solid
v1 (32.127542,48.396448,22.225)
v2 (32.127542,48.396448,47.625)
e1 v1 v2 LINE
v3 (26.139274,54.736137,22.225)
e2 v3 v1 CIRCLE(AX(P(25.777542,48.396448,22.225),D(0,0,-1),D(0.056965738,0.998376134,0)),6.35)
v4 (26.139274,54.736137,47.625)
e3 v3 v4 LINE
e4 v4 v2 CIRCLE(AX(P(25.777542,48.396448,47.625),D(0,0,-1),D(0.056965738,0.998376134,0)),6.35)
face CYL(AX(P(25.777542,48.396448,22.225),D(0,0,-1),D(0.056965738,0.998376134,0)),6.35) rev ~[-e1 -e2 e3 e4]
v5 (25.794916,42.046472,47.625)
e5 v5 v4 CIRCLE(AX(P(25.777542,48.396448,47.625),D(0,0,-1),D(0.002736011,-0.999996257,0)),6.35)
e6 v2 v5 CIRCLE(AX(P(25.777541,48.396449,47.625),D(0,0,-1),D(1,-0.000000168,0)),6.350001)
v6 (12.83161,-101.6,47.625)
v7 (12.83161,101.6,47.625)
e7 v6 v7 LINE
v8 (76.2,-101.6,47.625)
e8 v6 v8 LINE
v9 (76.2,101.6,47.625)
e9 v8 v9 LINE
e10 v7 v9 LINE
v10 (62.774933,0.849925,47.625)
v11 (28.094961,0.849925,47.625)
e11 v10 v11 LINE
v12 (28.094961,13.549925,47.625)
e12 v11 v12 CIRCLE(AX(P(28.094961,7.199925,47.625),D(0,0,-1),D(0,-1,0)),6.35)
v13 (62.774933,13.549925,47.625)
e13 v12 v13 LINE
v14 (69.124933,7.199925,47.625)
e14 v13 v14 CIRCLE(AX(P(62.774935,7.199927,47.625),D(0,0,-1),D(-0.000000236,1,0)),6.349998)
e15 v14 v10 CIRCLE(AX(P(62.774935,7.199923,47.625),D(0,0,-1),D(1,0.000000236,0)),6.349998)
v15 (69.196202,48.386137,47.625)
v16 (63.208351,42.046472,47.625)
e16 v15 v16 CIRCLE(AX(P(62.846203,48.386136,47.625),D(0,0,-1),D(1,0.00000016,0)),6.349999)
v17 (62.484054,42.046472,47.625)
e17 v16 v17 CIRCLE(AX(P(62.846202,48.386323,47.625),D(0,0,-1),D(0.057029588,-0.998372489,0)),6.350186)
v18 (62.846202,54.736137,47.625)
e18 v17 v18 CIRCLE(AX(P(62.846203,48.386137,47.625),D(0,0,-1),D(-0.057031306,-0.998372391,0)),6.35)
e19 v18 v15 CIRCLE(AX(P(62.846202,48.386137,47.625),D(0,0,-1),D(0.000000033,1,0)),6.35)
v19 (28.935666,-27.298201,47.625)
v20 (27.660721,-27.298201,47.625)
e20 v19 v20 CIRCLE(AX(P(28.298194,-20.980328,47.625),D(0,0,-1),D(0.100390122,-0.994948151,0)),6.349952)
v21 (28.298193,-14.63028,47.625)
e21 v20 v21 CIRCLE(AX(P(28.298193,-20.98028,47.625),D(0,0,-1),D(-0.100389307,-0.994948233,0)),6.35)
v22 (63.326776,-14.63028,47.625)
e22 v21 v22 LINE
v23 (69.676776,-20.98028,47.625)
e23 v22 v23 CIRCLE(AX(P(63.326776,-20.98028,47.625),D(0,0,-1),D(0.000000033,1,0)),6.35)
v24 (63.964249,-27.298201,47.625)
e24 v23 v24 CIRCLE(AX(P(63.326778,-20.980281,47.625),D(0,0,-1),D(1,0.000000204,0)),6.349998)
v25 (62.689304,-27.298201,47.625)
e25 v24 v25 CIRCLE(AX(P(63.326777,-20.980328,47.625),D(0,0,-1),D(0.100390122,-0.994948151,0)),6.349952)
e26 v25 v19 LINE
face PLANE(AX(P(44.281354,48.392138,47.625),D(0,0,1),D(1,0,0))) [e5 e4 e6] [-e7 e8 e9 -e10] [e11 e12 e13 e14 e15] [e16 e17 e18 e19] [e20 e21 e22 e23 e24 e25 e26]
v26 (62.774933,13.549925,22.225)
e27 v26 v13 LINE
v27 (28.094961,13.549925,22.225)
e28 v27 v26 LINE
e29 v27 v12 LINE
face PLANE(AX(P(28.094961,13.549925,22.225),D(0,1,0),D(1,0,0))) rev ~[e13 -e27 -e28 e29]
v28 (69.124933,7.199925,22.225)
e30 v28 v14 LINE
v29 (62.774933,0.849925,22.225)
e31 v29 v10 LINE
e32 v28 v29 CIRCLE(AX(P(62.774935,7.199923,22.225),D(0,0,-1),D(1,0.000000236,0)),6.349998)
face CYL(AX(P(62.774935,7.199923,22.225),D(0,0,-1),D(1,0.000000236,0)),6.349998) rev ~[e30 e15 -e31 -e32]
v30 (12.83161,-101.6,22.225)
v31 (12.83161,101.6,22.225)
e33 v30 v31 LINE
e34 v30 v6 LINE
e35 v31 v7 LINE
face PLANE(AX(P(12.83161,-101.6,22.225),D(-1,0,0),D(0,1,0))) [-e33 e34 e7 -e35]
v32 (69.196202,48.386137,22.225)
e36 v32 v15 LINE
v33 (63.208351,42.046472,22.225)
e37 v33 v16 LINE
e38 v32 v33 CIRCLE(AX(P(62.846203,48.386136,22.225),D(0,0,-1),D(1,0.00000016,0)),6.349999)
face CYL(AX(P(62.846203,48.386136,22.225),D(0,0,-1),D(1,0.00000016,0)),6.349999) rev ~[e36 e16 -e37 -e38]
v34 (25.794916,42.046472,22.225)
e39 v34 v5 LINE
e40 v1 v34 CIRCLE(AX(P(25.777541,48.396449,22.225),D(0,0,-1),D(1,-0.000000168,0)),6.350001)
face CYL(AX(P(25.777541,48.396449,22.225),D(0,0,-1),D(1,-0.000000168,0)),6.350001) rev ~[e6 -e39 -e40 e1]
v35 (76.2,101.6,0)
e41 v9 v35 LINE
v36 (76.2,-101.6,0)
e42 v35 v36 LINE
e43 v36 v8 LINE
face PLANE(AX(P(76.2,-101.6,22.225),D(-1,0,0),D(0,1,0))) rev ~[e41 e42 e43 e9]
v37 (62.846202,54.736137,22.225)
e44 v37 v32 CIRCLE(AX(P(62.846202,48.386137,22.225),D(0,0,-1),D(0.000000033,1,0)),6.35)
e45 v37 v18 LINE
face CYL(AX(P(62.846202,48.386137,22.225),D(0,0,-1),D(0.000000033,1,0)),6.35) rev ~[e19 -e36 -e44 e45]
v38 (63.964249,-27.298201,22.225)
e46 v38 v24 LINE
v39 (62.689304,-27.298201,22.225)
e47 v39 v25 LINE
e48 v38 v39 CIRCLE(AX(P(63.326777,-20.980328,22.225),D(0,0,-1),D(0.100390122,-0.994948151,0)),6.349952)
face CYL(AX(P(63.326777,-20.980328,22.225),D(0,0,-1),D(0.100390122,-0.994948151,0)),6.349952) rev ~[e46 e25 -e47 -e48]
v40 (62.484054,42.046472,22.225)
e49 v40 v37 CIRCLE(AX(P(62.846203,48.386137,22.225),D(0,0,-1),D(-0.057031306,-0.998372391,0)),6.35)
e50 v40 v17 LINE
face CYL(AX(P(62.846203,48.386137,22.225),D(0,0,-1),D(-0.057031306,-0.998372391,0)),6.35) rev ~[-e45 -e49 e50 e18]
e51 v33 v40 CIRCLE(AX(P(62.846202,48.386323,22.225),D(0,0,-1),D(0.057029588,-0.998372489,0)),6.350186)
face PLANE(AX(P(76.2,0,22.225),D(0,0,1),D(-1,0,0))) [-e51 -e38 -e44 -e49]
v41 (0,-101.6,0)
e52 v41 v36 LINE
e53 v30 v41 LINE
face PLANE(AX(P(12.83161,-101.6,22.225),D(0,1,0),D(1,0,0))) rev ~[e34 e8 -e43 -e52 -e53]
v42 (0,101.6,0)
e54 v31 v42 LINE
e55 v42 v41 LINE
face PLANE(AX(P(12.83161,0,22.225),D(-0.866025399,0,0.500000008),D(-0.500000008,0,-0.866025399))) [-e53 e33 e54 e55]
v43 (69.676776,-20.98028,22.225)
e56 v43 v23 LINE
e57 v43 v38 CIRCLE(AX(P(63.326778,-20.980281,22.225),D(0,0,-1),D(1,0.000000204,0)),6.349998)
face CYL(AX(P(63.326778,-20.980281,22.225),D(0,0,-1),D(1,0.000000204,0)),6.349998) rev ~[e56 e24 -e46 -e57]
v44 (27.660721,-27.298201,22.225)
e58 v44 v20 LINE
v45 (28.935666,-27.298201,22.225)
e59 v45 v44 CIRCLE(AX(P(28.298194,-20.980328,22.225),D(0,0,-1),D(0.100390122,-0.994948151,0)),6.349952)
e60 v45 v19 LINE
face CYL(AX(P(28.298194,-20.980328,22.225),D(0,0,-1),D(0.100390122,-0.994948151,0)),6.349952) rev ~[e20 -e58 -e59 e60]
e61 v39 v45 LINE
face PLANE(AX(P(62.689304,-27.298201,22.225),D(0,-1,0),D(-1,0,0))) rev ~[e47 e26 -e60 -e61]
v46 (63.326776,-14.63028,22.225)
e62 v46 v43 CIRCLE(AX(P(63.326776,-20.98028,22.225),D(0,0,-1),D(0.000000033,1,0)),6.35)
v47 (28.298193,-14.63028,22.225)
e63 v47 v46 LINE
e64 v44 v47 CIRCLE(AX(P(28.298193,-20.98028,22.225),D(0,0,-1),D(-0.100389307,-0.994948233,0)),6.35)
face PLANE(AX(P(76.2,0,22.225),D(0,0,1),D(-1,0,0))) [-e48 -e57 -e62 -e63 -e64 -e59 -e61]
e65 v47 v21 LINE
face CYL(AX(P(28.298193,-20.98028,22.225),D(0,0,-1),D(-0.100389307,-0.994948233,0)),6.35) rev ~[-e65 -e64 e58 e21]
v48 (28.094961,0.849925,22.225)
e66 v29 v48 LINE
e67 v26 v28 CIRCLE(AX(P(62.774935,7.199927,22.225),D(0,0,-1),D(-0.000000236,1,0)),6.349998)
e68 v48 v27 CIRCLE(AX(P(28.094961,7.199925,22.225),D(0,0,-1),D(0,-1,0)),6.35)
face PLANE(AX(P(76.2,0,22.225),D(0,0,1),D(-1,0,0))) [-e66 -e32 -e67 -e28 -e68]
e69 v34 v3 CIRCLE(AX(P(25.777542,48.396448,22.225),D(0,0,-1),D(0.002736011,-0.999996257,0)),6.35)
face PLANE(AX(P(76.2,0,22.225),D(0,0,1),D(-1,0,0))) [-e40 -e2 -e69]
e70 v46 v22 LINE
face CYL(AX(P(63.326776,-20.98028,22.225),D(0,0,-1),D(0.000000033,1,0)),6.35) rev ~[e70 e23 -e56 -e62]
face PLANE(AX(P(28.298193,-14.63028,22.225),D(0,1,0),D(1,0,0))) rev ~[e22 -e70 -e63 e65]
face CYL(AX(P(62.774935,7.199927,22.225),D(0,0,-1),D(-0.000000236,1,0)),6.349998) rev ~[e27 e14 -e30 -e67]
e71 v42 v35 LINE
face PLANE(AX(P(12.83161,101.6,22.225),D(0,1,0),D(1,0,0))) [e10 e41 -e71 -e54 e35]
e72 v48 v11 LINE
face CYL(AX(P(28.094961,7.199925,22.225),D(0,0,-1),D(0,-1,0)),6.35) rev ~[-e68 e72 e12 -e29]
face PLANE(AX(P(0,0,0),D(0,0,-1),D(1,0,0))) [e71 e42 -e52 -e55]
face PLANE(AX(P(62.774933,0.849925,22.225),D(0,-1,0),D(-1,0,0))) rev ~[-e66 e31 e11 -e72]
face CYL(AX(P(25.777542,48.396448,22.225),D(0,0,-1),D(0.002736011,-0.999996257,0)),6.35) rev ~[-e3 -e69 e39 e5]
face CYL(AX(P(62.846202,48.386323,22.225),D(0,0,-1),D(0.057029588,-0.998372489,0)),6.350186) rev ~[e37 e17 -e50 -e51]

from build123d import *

# Parameters (mm, degrees)
F1_DEPTH = 101.6
F2_W     = 63.36839
F2_H     = 203.2
F4_DEPTH = 25.4


with BuildPart() as f1:
    # F0 (on Front) → F1 (new body, symmetric)
    with BuildSketch(Plane.XZ):
        Polygon((12.83161, 22.225), (0, 0), (76.2, 0), (76.2, 22.225), align=None)
    extrude(amount=F1_DEPTH, both=True)

    # F3 (on face) + F2 (on face) → F4 (join)
    with BuildSketch(Plane.XY.offset(22.225)):
        with BuildLine():
            Line((62.846202, 54.736137), (26.139274, 54.736137))
            ThreePointArc((26.139274, 54.736137), (30.39379, 52.75681), (32.127542, 48.396448))
            ThreePointArc((32.127542, 48.396448), (30.273808, 43.912467), (25.794916, 42.046472))
            Line((25.794916, 42.046472), (62.484054, 42.046472))
            ThreePointArc((62.484054, 42.046472), (56.498787, 48.567285), (62.846202, 54.736137))
        make_face()
    with BuildSketch(Plane.XY.offset(22.225)):
        with Locations((44.515805, 0)):
            Rectangle(F2_W, F2_H)
        with BuildLine():
            ThreePointArc((27.660721, -27.298201), (21.956218, -20.66114), (28.298193, -14.63028))
            Line((28.298193, -14.63028), (63.326776, -14.63028))
            ThreePointArc((63.326776, -14.63028), (67.816904, -16.490152), (69.676776, -20.98028))
            ThreePointArc((69.676776, -20.98028), (68.036896, -25.239068), (63.964249, -27.298201))
            ThreePointArc((63.964249, -27.298201), (63.326776, -27.33028), (62.689304, -27.298201))
            Line((62.689304, -27.298201), (28.935666, -27.298201))
            ThreePointArc((28.935666, -27.298201), (28.298193, -27.33028), (27.660721, -27.298201))
        make_face(mode=Mode.SUBTRACT)
        with BuildLine():
            ThreePointArc((25.794916, 42.046472), (19.429879, 48.568704), (26.139274, 54.736137))
            Line((26.139274, 54.736137), (62.846202, 54.736137))
            ThreePointArc((62.846202, 54.736137), (67.33633, 52.876265), (69.196202, 48.386137))
            ThreePointArc((69.196202, 48.386137), (67.462594, 44.025927), (63.208351, 42.046472))
            ThreePointArc((63.208351, 42.046472), (62.846202, 42.036137), (62.484054, 42.046472))
            Line((62.484054, 42.046472), (25.794916, 42.046472))
        make_face(mode=Mode.SUBTRACT)
        with BuildLine():
            ThreePointArc((28.094961, 0.849925), (21.744961, 7.199925), (28.094961, 13.549925))
            Line((28.094961, 13.549925), (62.774933, 13.549925))
            ThreePointArc((62.774933, 13.549925), (67.265062, 11.690053), (69.124933, 7.199925))
            ThreePointArc((69.124933, 7.199925), (67.265062, 2.709797), (62.774933, 0.849925))
            Line((62.774933, 0.849925), (28.094961, 0.849925))
        make_face(mode=Mode.SUBTRACT)
    extrude(amount=F4_DEPTH)


solid = f1.part
